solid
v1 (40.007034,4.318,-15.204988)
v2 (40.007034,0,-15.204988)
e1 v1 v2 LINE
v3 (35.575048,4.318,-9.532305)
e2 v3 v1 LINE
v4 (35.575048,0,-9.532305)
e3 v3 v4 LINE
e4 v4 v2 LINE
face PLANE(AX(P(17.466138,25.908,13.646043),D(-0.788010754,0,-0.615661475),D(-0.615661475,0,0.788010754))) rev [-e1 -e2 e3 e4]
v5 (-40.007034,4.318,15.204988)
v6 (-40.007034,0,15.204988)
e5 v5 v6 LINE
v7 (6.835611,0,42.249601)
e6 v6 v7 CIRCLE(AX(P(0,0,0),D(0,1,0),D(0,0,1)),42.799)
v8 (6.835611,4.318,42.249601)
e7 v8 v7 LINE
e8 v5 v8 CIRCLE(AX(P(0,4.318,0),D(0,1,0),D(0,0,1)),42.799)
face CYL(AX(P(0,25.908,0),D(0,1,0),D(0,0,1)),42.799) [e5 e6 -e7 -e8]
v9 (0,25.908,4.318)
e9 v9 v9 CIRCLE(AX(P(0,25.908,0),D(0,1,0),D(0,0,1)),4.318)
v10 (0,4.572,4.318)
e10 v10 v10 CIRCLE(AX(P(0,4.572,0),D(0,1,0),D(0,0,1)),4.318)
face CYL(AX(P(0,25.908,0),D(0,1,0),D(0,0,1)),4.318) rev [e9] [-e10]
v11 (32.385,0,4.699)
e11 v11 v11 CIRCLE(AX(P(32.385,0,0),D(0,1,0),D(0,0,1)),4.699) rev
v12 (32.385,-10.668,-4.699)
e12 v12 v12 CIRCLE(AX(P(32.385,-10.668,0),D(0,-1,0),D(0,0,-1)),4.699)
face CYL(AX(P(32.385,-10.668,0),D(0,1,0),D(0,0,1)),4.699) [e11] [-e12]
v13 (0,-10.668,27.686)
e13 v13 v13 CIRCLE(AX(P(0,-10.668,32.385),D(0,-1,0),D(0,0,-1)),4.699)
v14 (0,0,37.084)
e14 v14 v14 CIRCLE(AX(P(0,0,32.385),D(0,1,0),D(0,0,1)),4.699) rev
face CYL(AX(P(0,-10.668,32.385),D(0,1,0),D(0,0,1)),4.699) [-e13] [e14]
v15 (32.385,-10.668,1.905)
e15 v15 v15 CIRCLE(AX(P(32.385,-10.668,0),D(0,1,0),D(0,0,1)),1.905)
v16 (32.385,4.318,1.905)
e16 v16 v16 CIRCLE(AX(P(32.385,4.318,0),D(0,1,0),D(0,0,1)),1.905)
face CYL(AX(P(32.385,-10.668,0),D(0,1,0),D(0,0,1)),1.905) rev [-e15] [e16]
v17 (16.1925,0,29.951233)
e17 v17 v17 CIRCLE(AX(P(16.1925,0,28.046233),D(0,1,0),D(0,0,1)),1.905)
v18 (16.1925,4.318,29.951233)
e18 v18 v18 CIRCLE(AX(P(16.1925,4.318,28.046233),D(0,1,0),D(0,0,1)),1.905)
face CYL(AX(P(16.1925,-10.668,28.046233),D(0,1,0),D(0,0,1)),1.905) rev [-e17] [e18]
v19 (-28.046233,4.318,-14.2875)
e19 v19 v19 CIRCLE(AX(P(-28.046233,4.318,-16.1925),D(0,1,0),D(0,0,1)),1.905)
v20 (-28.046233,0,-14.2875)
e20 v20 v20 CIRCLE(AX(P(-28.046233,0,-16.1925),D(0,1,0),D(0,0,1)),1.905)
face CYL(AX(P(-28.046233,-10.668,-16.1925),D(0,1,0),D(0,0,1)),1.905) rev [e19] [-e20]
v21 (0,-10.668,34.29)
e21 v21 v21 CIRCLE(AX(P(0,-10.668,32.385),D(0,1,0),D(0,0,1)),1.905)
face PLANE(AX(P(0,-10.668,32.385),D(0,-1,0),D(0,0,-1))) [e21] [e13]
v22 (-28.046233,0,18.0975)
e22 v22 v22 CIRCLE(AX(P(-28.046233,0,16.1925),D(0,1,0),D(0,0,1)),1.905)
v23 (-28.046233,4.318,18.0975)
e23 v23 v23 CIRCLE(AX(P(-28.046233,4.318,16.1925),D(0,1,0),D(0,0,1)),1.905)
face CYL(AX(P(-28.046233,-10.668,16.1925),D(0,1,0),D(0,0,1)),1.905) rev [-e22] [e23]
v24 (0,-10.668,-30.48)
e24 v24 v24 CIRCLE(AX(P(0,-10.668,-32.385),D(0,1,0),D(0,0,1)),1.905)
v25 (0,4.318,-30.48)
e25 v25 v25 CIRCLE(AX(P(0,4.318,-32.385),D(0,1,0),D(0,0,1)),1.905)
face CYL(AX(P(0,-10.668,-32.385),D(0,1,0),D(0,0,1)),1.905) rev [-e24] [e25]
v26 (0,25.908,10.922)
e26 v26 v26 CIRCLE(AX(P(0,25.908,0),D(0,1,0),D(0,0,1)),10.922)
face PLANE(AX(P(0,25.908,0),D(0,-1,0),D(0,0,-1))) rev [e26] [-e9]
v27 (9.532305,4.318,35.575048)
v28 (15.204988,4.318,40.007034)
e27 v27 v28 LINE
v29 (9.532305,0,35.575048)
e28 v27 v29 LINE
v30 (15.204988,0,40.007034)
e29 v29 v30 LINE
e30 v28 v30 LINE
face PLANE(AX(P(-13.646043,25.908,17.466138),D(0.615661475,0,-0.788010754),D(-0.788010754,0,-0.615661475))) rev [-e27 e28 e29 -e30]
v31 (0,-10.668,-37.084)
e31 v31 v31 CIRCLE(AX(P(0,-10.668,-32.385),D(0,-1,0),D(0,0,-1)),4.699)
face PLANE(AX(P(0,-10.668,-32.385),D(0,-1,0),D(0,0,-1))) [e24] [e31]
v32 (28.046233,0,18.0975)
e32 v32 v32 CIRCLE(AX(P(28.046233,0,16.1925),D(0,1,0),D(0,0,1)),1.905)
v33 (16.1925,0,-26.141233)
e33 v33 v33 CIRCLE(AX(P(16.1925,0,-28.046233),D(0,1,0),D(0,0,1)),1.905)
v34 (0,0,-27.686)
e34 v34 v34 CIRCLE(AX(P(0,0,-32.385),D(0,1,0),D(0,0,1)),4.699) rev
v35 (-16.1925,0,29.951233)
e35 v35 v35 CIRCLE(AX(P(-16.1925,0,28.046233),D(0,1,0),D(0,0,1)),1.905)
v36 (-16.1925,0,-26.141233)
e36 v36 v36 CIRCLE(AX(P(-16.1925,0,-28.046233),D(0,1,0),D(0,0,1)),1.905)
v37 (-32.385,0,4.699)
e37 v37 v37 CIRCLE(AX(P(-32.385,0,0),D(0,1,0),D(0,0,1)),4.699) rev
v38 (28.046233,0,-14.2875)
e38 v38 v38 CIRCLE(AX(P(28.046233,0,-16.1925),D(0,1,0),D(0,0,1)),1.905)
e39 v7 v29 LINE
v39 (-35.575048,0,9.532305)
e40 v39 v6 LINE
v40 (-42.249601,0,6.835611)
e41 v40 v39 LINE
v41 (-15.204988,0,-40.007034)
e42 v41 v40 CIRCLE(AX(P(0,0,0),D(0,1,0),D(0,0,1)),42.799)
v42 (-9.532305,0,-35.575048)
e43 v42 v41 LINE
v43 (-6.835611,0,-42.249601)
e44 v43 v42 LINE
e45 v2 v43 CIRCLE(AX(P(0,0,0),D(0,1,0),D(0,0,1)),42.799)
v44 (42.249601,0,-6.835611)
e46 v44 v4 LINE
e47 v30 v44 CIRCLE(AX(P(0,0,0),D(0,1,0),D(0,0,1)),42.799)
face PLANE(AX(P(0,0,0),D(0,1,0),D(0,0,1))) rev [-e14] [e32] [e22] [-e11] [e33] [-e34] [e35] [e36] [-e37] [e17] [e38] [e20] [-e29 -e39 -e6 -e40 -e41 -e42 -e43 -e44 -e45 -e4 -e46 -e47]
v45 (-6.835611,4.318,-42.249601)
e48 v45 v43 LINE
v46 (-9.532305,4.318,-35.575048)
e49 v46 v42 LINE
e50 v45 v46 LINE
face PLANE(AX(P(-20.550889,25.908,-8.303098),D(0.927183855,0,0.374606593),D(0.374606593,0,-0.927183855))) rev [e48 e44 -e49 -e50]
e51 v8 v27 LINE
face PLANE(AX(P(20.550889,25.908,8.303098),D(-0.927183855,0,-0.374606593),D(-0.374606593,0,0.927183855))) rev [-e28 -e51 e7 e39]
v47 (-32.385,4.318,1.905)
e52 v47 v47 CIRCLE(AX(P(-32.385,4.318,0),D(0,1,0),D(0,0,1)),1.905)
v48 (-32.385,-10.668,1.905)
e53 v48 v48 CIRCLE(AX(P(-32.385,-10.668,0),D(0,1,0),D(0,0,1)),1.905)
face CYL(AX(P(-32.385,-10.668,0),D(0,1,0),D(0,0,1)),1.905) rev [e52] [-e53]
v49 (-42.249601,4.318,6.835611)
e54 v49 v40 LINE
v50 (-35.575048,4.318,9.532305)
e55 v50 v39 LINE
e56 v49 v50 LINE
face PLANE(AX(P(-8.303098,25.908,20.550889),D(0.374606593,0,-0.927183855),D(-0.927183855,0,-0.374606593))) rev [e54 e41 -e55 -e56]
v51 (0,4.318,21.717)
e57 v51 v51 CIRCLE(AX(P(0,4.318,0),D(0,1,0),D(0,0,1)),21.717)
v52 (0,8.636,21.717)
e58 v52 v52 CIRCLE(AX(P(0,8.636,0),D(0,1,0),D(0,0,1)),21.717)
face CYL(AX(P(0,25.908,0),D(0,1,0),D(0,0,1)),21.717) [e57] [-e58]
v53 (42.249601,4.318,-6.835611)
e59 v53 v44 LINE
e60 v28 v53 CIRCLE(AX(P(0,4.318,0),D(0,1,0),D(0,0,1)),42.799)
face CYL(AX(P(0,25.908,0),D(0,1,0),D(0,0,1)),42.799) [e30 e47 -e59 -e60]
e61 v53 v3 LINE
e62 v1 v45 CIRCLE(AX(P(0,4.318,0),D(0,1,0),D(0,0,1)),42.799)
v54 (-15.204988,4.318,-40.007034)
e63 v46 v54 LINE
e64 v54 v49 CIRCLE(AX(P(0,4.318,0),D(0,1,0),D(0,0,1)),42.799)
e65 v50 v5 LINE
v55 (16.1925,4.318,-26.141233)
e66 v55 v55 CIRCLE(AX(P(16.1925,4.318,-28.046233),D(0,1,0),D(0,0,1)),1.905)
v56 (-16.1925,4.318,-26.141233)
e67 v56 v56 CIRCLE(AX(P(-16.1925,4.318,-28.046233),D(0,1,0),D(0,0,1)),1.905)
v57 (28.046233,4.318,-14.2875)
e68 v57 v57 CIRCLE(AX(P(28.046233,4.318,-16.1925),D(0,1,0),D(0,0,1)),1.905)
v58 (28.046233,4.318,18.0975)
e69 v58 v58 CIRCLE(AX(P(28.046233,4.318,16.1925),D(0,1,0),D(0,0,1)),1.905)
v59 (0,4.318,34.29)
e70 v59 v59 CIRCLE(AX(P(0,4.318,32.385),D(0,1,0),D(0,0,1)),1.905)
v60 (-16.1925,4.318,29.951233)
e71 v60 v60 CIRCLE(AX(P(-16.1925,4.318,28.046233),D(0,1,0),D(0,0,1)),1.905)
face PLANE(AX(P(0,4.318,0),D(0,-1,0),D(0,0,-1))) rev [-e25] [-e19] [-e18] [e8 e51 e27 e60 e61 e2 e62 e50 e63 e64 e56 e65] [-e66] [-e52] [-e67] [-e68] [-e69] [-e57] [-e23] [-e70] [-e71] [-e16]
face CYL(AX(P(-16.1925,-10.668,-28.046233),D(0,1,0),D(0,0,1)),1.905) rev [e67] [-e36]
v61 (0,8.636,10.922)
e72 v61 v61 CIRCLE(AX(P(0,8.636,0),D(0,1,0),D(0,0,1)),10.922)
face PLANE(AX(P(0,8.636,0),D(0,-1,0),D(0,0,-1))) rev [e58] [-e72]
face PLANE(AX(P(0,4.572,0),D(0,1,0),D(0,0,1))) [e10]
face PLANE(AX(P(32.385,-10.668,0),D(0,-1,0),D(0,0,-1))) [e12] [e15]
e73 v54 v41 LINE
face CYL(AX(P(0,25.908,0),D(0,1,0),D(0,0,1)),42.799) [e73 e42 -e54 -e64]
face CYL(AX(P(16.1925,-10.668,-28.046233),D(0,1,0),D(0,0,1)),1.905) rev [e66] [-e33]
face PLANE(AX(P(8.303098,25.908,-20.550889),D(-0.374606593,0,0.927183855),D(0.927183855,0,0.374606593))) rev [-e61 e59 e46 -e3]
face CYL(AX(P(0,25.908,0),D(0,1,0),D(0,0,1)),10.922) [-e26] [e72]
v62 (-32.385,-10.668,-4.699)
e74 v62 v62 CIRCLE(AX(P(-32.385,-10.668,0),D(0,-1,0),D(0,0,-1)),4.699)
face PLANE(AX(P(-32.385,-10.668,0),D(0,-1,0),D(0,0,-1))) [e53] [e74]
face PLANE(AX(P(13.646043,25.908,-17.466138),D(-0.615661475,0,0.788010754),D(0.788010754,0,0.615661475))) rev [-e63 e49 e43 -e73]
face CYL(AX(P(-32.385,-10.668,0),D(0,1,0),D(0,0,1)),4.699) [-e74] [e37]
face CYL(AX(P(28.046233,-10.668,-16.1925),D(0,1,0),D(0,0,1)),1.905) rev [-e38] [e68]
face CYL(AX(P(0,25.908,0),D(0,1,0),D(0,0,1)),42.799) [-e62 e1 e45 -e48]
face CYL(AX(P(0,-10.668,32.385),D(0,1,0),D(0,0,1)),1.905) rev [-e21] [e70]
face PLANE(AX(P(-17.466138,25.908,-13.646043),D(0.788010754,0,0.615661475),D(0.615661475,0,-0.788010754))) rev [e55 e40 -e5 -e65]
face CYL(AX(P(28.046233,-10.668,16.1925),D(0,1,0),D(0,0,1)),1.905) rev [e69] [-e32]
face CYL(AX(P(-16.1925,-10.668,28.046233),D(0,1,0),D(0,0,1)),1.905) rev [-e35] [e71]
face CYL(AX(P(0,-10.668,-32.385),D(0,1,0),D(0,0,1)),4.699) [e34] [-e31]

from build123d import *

# Parameters (mm, degrees)
SKETCH4_R           = 4.699
BOSS_EXTRUDE1_DEPTH = 10.668
SKETCH2_R           = 1.905
CUT_EXTRUDE1_DEPTH  = 65.262250988
CUT_EXTRUDE2_DEPTH  = 66.838691254


with BuildPart() as part:
    # Sketch1 → Revolve1 (revolve)
    with BuildSketch(Plane.XY, mode=Mode.PRIVATE) as revolve1_sk:
        Polygon((-42.799, 0), (0, 0), (0, 4.572), (-4.318, 4.572), (-4.318, 25.908), (-10.922, 25.908), (-10.922, 8.636), (-21.717, 8.636), (-21.717, 4.318), (-42.799, 4.318), align=None)
    revolve(revolve1_sk.sketch.rotate(Axis((0, 25.908, 0), (0, -1, 0)), 270), axis=Axis((0, 25.908, 0), (0, -1, 0)))

    # Sketch4 → Boss-Extrude1 (add)
    with BuildSketch(Plane.XZ):
        with Locations(Location((0, 32.385, 0), (0, 0, 90))):
            Circle(SKETCH4_R)
        with Locations(Location((32.385, 0, 0), (0, 0, 90))):
            Circle(SKETCH4_R)
        with Locations(Location((0, -32.385, 0), (0, 0, 90))):
            Circle(SKETCH4_R)
        with Locations(Location((-32.385, 0, 0), (0, 0, 90))):
            Circle(SKETCH4_R)
    extrude(amount=BOSS_EXTRUDE1_DEPTH)

    # Sketch2 → Cut-Extrude1 (cut, through all)
    with BuildSketch(Plane(origin=(0, 4.318, 0), x_dir=(1, 0, 0), z_dir=(0, 1, 0))):
        with Locations(Location((-32.385, 0, 0), (0, 0, 270))):
            Circle(SKETCH2_R)
        with Locations(Location((-28.046232702, 16.1925, 0), (0, 0, 270))):
            Circle(SKETCH2_R)
        with Locations(Location((-16.1925, 28.046232702, 0), (0, 0, 270))):
            Circle(SKETCH2_R)
        with Locations(Location((0, 32.385, 0), (0, 0, 270))):
            Circle(SKETCH2_R)
        with Locations(Location((16.1925, 28.046232702, 0), (0, 0, 270))):
            Circle(SKETCH2_R)
        with Locations(Location((28.046232702, 16.1925, 0), (0, 0, 270))):
            Circle(SKETCH2_R)
        with Locations(Location((32.385, 0, 0), (0, 0, 270))):
            Circle(SKETCH2_R)
        with Locations(Location((28.046232702, -16.1925, 0), (0, 0, 270))):
            Circle(SKETCH2_R)
        with Locations(Location((16.1925, -28.046232702, 0), (0, 0, 270))):
            Circle(SKETCH2_R)
        with Locations(Location((0, -32.385, 0), (0, 0, 270))):
            Circle(SKETCH2_R)
        with Locations(Location((-16.1925, -28.046232702, 0), (0, 0, 270))):
            Circle(SKETCH2_R)
        with Locations(Location((-28.046232702, -16.1925, 0), (0, 0, 270))):
            Circle(SKETCH2_R)
    extrude(amount=-CUT_EXTRUDE1_DEPTH, mode=Mode.SUBTRACT)

    # Sketch3 → Cut-Extrude2 (cut, through all)
    with BuildSketch(Plane.XZ):
        with BuildLine():
            Line((-35.575048182, 9.532305431), (-40.007033608, 15.204988091))
            ThreePointArc((-40.007033608, 15.204988091), (-41.340659439, 11.077196311), (-42.249601481, 6.835610853))
            Line((-42.249601481, 6.835610853), (-35.575048182, 9.532305431))
        make_face()
        with BuildLine():
            ThreePointArc((15.204988091, 40.007033608), (11.077196311, 41.340659439), (6.835610853, 42.249601481))
            Line((6.835610853, 42.249601481), (9.532305431, 35.575048182))
            Line((9.532305431, 35.575048182), (15.204988091, 40.007033608))
        make_face()
        with BuildLine():
            ThreePointArc((40.007033608, -15.204988091), (41.340659439, -11.077196311), (42.249601481, -6.835610853))
            Line((42.249601481, -6.835610853), (35.575048182, -9.532305431))
            Line((35.575048182, -9.532305431), (40.007033608, -15.204988091))
        make_face()
        with BuildLine():
            Line((-9.532305431, -35.575048182), (-15.204988091, -40.007033608))
            ThreePointArc((-15.204988091, -40.007033608), (-11.077196311, -41.340659439), (-6.835610853, -42.249601481))
            Line((-6.835610853, -42.249601481), (-9.532305431, -35.575048182))
        make_face()
    extrude(amount=-CUT_EXTRUDE2_DEPTH, mode=Mode.SUBTRACT)


solid = part.part
